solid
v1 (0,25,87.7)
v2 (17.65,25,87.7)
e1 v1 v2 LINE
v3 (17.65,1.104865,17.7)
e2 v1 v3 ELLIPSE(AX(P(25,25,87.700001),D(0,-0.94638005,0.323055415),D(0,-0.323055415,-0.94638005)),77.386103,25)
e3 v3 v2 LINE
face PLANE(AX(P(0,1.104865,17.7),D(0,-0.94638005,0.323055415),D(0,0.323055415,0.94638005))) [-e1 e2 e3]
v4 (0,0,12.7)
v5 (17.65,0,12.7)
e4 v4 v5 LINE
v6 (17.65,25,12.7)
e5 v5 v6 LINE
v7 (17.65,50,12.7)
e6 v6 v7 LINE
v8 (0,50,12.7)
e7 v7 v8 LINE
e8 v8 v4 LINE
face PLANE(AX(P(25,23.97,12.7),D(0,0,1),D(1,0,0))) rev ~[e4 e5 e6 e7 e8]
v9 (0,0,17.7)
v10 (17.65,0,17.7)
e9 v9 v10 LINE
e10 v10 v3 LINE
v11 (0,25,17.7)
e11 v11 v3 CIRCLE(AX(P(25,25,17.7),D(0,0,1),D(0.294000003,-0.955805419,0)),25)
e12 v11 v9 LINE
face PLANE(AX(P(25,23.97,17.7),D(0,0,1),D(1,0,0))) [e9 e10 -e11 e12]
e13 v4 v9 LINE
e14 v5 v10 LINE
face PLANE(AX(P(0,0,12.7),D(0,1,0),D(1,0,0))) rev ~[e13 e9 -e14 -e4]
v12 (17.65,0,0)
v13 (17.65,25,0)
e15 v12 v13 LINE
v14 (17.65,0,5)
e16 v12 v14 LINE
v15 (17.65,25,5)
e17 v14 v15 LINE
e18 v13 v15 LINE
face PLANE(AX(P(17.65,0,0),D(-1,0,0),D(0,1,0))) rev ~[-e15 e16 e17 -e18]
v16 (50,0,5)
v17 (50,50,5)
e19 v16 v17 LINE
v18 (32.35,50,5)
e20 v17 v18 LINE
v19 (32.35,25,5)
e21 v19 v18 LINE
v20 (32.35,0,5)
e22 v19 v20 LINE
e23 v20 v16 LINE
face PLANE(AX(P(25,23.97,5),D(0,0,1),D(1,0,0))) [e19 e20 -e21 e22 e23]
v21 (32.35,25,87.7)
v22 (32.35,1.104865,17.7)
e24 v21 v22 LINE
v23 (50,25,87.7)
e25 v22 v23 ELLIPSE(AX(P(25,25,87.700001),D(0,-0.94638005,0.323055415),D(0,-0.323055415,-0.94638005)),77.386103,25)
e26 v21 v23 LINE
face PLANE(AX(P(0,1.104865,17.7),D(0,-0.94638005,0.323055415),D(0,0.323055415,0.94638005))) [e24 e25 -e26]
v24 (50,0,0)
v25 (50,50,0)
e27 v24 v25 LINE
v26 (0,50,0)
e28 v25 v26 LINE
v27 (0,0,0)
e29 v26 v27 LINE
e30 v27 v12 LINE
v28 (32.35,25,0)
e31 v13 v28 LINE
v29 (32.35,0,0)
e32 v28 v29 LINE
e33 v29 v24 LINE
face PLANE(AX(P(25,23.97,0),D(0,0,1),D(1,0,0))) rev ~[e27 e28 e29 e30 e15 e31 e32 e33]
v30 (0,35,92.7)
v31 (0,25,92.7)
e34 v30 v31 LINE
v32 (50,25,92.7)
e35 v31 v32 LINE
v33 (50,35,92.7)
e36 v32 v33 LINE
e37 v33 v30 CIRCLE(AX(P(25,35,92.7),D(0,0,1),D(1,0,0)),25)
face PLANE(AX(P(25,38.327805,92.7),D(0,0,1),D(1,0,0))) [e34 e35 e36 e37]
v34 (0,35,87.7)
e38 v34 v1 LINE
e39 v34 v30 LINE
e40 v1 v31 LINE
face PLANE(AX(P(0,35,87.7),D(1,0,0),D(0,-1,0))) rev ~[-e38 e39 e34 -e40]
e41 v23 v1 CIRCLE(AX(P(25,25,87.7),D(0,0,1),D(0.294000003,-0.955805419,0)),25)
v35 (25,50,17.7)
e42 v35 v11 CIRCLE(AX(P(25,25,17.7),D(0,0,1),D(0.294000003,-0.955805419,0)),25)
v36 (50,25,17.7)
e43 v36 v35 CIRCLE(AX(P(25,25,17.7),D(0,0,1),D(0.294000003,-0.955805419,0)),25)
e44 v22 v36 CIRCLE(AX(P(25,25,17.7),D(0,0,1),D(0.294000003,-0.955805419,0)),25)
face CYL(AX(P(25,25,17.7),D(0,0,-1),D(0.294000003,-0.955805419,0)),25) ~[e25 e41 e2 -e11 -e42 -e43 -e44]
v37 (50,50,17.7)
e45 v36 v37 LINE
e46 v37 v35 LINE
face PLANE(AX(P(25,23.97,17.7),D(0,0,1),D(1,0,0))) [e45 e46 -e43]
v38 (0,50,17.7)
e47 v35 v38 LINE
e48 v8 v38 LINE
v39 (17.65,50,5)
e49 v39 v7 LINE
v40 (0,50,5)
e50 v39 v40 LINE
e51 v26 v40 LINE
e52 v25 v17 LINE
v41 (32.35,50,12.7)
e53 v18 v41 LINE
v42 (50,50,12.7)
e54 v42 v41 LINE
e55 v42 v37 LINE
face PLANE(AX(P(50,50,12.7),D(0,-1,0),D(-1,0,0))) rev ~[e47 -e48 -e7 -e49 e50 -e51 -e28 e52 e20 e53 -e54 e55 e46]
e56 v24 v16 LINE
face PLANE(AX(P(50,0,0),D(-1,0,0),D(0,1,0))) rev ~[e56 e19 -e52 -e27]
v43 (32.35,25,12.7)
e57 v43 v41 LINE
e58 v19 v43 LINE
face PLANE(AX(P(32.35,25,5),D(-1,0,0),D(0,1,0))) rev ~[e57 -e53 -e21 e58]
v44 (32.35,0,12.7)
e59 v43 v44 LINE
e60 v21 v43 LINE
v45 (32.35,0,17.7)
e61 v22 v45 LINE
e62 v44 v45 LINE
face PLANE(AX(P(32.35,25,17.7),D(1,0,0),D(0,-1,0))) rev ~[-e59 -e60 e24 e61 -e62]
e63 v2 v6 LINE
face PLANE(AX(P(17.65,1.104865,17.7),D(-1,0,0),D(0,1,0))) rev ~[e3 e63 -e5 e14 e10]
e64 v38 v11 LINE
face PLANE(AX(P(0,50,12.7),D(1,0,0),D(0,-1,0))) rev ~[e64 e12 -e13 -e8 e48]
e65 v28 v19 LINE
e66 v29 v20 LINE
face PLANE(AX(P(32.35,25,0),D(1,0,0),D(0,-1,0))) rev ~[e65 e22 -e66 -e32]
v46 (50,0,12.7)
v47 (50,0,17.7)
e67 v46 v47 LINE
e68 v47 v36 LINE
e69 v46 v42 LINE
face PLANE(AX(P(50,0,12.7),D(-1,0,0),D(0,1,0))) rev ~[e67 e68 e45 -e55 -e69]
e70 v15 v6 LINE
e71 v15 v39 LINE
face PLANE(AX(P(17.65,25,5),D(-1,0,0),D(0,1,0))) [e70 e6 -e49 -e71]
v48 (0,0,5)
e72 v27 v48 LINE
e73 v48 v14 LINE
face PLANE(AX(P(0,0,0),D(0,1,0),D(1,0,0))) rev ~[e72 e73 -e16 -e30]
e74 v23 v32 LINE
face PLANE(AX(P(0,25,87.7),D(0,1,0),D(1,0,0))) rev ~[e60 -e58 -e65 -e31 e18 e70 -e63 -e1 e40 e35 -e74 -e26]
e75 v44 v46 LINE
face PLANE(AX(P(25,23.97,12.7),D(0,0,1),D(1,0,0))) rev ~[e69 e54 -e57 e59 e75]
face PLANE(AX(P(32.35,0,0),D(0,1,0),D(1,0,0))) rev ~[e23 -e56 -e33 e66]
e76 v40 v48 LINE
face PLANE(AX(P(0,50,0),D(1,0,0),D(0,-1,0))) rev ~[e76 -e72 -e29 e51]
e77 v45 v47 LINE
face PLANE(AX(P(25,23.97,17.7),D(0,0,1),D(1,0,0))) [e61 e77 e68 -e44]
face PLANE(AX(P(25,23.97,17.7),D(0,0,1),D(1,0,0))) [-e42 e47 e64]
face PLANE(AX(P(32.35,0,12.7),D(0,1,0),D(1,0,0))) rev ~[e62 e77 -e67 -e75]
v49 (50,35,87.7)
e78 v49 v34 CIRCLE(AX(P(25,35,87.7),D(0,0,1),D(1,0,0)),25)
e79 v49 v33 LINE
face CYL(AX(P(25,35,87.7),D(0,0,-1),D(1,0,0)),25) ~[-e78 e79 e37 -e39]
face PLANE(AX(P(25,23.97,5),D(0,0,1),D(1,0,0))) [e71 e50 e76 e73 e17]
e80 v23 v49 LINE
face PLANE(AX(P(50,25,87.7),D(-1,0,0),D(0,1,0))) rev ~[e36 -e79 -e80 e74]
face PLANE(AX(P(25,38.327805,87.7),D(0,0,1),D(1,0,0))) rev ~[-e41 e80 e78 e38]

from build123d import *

# Parameters (mm, degrees)
F2_DEPTH  = 5
F3_W      = 14.7
F3_H      = 25
F4_DEPTH  = 7.7
F6_DEPTH  = 5
F8_DEPTH  = 70
F10_DEPTH = 5
F12_DEPTH = 50.001


with BuildPart() as f2:
    # F1 (on Top) → F2 (new body)
    with BuildSketch(Plane.XY):
        Polygon((0, 50), (0, 0), (17.65, 0), (17.65, 25), (32.35, 25), (32.35, 0), (50, 0), (50, 50), align=None)
    extrude(amount=F2_DEPTH)

    # F3 (on face) → F4 (join)
    with BuildSketch(Plane.XY.offset(5)):
        with Locations((25, 37.5)):
            Rectangle(F3_W, F3_H)
    extrude(amount=F4_DEPTH)

    # F5 (on face) → F6 (join)
    with BuildSketch(Plane.XY.offset(12.7)):
        Polygon((0, 50), (0, 0), (17.65, 0), (17.65, 25), (32.35, 25), (32.35, 0), (50, 0), (50, 50), align=None)
    extrude(amount=F6_DEPTH)

    # F7 (on face) → F8 (join)
    with BuildSketch(Plane.XY.offset(17.7)):
        with BuildLine():
            Line((32.35, 25), (32.35, 1.104865))
            ThreePointArc((32.35, 1.104865), (25, 50), (17.65, 1.104865))
            Line((17.65, 1.104865), (17.65, 25))
            Line((17.65, 25), (32.35, 25))
        make_face()
    extrude(amount=F8_DEPTH)

    # F9 (on face) → F10 (join)
    with BuildSketch(Plane.XY.offset(87.7)):
        with BuildLine():
            Line((0, 35), (0, 25))
            Line((0, 25), (50, 25))
            Line((50, 25), (50, 35))
            ThreePointArc((50, 35), (25, 60), (0, 35))
        make_face()
    extrude(amount=F10_DEPTH)

    # F11 (on Right) → F12 (cut, through all)
    with BuildSketch(Plane.YZ):
        Polygon((1.104865, 17.7), (25, 87.7), (1.104865, 87.7), align=None)
    extrude(amount=F12_DEPTH, mode=Mode.SUBTRACT)


solid = f2.part
